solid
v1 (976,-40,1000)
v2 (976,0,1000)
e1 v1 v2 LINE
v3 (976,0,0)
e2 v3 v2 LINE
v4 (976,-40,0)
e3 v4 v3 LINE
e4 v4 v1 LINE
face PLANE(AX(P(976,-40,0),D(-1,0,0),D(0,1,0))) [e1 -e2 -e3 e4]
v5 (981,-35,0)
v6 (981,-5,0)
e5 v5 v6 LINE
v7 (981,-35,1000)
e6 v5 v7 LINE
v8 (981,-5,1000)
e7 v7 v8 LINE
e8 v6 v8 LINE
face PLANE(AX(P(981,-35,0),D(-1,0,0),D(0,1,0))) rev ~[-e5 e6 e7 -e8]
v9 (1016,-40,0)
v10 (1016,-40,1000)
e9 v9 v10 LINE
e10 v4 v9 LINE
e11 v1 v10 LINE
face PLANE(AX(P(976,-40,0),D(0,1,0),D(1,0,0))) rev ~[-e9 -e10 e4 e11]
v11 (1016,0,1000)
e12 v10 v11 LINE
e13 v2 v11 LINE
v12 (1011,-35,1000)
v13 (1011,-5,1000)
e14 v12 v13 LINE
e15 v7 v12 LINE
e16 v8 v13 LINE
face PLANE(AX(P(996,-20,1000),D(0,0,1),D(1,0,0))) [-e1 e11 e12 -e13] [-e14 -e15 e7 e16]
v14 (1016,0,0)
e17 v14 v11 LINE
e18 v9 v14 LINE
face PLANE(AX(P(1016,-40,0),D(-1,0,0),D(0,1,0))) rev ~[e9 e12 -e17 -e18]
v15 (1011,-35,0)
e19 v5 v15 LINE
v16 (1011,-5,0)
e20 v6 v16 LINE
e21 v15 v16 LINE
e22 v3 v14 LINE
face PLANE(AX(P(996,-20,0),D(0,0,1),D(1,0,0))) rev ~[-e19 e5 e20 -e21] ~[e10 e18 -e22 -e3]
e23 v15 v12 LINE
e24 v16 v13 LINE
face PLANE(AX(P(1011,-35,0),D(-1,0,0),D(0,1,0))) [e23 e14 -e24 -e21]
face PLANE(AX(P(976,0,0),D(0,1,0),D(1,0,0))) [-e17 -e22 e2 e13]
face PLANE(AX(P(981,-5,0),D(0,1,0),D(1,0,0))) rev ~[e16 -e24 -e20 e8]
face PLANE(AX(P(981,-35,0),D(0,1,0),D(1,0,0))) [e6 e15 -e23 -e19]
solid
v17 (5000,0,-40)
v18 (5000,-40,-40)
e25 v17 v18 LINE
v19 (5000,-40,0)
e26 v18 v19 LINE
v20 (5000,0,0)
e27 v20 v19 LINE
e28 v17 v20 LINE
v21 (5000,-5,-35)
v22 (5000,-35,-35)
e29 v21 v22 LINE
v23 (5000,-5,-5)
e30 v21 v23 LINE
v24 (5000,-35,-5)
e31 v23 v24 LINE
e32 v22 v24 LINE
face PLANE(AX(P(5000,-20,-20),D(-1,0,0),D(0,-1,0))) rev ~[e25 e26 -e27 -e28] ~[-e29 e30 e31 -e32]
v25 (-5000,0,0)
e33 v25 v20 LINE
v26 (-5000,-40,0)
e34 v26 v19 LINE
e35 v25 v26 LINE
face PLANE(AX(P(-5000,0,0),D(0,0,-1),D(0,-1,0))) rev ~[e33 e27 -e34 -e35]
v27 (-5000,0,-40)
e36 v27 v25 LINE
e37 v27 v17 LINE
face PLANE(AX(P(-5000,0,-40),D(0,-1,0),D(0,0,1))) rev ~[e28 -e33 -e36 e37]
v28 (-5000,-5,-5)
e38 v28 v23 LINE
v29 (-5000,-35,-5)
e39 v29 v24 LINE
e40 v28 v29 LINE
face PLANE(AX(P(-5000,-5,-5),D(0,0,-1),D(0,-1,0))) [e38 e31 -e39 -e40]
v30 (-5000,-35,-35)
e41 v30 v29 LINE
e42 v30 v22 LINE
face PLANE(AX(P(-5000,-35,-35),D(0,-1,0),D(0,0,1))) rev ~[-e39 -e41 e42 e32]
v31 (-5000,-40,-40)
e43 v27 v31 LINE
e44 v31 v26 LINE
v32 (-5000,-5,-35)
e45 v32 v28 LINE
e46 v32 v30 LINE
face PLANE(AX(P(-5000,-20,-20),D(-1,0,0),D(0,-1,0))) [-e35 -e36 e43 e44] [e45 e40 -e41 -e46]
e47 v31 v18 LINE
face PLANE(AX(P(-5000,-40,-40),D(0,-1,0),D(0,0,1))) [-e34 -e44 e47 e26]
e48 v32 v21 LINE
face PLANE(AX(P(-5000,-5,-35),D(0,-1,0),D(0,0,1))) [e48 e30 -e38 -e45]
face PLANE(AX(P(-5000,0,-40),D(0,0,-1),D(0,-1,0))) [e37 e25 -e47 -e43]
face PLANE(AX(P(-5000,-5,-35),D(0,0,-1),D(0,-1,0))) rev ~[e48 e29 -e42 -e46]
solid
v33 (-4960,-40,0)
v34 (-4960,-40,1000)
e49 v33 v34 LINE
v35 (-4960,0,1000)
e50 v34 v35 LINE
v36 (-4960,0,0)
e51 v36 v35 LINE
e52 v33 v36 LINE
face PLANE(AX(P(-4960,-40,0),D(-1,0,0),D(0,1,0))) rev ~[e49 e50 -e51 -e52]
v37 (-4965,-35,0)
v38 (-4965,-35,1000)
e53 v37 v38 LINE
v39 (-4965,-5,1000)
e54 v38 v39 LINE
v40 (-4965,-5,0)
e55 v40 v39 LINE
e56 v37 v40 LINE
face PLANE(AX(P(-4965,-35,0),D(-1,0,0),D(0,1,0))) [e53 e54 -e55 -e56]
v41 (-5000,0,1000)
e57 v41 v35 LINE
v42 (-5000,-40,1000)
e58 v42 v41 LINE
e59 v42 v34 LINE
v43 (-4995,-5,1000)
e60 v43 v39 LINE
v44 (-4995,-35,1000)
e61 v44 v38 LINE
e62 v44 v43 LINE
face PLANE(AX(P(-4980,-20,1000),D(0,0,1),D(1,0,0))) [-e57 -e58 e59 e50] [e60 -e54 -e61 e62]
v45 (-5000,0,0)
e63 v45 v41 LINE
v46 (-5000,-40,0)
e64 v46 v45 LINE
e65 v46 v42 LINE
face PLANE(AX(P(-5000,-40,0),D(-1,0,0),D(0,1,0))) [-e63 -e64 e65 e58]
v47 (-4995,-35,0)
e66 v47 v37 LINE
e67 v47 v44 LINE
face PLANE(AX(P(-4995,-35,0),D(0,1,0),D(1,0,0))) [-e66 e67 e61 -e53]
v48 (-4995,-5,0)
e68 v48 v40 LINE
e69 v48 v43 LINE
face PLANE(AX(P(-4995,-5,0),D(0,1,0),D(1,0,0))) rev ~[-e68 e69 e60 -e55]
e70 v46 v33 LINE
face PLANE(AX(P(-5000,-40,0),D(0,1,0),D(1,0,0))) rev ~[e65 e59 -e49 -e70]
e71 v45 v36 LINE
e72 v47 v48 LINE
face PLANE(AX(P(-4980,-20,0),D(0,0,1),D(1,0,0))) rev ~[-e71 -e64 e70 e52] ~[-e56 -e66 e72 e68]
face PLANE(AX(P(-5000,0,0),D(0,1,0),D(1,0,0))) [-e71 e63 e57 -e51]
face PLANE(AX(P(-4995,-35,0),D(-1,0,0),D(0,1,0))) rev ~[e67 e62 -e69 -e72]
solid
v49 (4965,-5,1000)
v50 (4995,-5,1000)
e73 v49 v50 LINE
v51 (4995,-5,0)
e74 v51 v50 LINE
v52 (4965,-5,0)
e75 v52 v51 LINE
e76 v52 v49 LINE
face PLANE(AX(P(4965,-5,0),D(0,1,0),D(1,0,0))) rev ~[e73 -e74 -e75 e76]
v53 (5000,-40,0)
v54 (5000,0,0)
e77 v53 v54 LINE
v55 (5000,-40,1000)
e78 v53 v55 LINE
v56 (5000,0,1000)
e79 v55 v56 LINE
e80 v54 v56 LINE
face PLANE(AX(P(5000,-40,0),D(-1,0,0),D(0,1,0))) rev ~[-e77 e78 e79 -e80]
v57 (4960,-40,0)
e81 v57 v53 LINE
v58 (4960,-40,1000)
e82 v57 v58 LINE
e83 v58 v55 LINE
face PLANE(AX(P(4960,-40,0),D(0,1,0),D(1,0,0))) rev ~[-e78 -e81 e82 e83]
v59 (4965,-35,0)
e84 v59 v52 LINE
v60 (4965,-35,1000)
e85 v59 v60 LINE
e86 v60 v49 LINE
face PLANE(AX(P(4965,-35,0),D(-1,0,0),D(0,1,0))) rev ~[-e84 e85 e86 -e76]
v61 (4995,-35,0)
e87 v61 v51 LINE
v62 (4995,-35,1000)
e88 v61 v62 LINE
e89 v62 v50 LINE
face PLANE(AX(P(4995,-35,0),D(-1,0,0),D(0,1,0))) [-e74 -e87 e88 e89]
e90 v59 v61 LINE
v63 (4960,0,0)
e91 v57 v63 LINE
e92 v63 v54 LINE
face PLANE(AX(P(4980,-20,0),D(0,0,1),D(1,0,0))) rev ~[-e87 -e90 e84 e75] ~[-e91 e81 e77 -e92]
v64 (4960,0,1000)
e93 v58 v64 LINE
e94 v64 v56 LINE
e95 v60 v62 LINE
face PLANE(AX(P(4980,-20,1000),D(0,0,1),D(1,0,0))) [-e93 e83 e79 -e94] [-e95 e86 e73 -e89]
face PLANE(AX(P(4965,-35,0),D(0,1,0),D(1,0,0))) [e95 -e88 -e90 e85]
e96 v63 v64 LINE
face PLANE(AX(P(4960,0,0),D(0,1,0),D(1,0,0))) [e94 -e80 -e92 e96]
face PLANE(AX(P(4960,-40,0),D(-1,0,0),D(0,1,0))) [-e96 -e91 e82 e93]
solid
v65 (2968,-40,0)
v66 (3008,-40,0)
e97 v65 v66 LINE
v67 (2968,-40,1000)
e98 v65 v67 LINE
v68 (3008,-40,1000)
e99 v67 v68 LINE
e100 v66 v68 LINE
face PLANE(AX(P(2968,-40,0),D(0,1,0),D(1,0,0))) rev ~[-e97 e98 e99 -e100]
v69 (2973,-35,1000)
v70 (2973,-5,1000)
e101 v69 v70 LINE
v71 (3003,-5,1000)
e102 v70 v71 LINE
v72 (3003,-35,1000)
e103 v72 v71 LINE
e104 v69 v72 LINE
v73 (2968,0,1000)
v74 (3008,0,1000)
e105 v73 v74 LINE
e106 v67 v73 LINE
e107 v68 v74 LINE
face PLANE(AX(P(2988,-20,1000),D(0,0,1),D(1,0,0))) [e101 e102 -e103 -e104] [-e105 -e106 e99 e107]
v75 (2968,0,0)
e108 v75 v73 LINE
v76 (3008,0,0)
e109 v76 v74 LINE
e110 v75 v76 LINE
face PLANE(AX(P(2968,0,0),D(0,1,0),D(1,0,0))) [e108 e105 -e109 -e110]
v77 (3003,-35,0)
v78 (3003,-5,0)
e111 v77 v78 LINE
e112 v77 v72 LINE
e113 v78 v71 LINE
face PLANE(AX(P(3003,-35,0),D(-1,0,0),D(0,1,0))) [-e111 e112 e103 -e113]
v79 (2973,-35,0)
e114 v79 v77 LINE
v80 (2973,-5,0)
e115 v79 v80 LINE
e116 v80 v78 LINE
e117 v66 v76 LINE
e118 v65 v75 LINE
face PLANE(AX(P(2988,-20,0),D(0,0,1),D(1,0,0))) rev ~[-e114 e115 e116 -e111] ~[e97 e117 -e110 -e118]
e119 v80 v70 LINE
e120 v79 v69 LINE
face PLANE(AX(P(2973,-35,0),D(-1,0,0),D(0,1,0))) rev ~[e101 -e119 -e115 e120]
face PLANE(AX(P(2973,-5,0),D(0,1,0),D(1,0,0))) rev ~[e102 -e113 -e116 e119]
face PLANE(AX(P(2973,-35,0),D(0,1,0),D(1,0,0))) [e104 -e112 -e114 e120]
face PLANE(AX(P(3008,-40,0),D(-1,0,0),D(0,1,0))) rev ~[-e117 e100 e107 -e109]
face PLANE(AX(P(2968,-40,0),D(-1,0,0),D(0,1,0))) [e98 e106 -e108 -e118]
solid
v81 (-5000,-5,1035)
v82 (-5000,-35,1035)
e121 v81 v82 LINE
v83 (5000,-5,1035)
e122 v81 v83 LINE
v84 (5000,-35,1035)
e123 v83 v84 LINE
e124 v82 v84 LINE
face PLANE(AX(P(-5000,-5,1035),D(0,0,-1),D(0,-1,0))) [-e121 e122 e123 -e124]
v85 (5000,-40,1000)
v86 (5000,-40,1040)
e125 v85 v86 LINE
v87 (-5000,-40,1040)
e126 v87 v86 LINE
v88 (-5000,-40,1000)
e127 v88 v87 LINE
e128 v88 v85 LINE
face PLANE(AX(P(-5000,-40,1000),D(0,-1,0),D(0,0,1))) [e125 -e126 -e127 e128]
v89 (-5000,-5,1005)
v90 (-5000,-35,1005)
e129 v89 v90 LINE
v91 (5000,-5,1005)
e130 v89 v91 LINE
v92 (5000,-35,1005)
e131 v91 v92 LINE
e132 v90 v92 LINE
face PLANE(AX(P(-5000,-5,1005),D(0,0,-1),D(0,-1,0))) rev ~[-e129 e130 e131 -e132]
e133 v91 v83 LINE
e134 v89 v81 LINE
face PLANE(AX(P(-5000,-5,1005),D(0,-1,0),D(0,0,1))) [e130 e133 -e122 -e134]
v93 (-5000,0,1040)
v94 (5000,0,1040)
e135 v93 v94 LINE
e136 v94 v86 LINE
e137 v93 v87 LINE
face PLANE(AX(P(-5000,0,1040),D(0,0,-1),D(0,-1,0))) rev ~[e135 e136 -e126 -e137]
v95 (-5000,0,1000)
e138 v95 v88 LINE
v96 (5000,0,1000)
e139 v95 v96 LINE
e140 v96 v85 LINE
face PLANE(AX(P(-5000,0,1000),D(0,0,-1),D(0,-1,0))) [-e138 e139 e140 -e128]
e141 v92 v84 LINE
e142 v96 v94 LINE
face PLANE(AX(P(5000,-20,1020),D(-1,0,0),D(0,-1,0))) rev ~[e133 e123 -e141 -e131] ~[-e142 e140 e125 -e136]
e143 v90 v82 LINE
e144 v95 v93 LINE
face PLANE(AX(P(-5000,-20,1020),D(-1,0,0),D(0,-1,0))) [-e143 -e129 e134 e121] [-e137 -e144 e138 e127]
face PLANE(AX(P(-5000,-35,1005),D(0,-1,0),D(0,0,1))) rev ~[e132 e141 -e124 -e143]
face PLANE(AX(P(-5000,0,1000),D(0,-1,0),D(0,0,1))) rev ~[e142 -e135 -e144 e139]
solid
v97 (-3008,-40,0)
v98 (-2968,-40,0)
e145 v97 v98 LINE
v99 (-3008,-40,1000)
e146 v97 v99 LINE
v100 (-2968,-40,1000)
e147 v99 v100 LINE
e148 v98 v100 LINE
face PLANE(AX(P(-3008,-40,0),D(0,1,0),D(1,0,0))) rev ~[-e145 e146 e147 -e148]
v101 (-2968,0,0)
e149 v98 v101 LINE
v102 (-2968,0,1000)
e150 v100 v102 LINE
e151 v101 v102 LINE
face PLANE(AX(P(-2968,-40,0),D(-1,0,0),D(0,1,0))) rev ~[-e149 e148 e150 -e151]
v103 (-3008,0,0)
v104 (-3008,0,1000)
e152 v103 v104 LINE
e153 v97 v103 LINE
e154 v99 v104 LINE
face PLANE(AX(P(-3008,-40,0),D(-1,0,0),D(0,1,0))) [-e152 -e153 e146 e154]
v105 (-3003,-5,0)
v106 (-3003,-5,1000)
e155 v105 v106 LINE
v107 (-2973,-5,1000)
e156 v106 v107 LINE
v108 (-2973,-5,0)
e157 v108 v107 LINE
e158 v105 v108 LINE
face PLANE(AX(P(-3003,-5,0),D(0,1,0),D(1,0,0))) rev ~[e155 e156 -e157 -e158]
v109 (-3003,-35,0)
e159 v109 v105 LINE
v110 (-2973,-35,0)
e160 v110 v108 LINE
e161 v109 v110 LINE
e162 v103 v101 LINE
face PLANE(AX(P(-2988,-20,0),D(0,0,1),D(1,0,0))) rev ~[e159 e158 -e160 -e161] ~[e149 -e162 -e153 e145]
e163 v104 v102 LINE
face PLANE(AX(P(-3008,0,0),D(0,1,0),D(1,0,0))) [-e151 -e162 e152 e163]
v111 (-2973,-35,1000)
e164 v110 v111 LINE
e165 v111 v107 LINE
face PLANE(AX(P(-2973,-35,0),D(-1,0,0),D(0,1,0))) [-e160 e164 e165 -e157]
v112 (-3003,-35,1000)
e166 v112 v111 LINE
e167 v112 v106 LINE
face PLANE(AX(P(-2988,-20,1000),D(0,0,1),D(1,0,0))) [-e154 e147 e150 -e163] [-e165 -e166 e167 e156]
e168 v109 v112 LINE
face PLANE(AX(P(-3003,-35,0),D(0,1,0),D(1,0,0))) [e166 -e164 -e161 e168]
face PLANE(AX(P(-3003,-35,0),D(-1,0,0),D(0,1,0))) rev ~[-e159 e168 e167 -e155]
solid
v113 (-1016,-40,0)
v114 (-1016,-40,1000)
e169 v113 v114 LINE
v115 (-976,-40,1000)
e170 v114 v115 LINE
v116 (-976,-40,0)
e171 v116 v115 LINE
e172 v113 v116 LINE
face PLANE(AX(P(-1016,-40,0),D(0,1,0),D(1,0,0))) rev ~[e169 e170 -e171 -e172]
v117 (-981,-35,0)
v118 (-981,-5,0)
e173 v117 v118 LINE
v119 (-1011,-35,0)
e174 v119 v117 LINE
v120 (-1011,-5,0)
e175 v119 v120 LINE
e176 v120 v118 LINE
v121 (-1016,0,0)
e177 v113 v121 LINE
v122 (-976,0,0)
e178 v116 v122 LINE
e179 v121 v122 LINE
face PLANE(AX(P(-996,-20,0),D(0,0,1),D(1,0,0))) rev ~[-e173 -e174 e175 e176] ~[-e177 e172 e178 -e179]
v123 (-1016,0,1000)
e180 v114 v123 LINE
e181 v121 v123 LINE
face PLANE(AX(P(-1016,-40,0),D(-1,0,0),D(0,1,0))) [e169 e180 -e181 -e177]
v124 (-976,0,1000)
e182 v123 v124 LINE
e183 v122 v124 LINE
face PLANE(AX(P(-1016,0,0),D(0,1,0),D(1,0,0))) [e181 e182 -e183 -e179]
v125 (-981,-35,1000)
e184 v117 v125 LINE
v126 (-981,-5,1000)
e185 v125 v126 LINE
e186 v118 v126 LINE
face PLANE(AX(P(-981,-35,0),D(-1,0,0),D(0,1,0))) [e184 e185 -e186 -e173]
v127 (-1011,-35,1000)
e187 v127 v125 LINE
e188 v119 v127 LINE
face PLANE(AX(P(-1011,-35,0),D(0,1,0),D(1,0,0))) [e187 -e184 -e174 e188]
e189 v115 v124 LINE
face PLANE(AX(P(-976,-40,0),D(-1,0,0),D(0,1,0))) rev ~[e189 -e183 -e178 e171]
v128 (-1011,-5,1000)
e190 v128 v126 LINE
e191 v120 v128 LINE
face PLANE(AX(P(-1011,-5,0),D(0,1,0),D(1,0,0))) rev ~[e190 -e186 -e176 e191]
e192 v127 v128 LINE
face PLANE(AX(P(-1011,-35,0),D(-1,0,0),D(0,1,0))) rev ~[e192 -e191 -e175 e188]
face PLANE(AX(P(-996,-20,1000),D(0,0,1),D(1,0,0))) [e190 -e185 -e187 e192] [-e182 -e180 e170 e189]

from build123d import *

# Parameters (mm, degrees)
F0_W     = 40
F0_H     = 40
F0_W_2   = 30
F0_H_2   = 30
F1_DEPTH = 1000
F2_W     = 40
F2_H     = 40
F2_W_2   = 30
F2_H_2   = 30
F3_DEPTH = 10000


with BuildPart() as f1:
    # F0 (on Top) → F1 (new body)
    with BuildSketch(Plane.XY):
        with Locations((-4980, -20)):
            Rectangle(F0_W, F0_H)
        with Locations((-4980, -20)):
            Rectangle(F0_W_2, F0_H_2, mode=Mode.SUBTRACT)
        with Locations((-2988, -20)):
            Rectangle(F0_W, F0_H)
        with Locations((-2988, -20)):
            Rectangle(F0_W_2, F0_H_2, mode=Mode.SUBTRACT)
        with Locations((-996, -20)):
            Rectangle(F0_W, F0_H)
        with Locations((-996, -20)):
            Rectangle(F0_W_2, F0_H_2, mode=Mode.SUBTRACT)
        with Locations((996, -20)):
            Rectangle(F0_W, F0_H)
        with Locations((996, -20)):
            Rectangle(F0_W_2, F0_H_2, mode=Mode.SUBTRACT)
        with Locations((2988, -20)):
            Rectangle(F0_W, F0_H)
        with Locations((2988, -20)):
            Rectangle(F0_W_2, F0_H_2, mode=Mode.SUBTRACT)
        with Locations((4980, -20)):
            Rectangle(F0_W, F0_H)
        with Locations((4980, -20)):
            Rectangle(F0_W_2, F0_H_2, mode=Mode.SUBTRACT)
    extrude(amount=F1_DEPTH)


with BuildPart() as f3:
    # F2 (on face) → F3 (new body, through all)
    with BuildSketch(Plane(origin=(-5000, 0, 0), x_dir=(0, -1, 0), z_dir=(-1, 0, 0))):
        with Locations((20, 1020)):
            Rectangle(F2_W, F2_H)
        with Locations((20, 1020)):
            Rectangle(F2_W_2, F2_H_2, mode=Mode.SUBTRACT)
        with Locations((20, -20)):
            Rectangle(F2_W, F2_H)
        with Locations((20, -20)):
            Rectangle(F2_W_2, F2_H_2, mode=Mode.SUBTRACT)
    extrude(amount=-F3_DEPTH)


solid = Compound([f1.part, f3.part])
